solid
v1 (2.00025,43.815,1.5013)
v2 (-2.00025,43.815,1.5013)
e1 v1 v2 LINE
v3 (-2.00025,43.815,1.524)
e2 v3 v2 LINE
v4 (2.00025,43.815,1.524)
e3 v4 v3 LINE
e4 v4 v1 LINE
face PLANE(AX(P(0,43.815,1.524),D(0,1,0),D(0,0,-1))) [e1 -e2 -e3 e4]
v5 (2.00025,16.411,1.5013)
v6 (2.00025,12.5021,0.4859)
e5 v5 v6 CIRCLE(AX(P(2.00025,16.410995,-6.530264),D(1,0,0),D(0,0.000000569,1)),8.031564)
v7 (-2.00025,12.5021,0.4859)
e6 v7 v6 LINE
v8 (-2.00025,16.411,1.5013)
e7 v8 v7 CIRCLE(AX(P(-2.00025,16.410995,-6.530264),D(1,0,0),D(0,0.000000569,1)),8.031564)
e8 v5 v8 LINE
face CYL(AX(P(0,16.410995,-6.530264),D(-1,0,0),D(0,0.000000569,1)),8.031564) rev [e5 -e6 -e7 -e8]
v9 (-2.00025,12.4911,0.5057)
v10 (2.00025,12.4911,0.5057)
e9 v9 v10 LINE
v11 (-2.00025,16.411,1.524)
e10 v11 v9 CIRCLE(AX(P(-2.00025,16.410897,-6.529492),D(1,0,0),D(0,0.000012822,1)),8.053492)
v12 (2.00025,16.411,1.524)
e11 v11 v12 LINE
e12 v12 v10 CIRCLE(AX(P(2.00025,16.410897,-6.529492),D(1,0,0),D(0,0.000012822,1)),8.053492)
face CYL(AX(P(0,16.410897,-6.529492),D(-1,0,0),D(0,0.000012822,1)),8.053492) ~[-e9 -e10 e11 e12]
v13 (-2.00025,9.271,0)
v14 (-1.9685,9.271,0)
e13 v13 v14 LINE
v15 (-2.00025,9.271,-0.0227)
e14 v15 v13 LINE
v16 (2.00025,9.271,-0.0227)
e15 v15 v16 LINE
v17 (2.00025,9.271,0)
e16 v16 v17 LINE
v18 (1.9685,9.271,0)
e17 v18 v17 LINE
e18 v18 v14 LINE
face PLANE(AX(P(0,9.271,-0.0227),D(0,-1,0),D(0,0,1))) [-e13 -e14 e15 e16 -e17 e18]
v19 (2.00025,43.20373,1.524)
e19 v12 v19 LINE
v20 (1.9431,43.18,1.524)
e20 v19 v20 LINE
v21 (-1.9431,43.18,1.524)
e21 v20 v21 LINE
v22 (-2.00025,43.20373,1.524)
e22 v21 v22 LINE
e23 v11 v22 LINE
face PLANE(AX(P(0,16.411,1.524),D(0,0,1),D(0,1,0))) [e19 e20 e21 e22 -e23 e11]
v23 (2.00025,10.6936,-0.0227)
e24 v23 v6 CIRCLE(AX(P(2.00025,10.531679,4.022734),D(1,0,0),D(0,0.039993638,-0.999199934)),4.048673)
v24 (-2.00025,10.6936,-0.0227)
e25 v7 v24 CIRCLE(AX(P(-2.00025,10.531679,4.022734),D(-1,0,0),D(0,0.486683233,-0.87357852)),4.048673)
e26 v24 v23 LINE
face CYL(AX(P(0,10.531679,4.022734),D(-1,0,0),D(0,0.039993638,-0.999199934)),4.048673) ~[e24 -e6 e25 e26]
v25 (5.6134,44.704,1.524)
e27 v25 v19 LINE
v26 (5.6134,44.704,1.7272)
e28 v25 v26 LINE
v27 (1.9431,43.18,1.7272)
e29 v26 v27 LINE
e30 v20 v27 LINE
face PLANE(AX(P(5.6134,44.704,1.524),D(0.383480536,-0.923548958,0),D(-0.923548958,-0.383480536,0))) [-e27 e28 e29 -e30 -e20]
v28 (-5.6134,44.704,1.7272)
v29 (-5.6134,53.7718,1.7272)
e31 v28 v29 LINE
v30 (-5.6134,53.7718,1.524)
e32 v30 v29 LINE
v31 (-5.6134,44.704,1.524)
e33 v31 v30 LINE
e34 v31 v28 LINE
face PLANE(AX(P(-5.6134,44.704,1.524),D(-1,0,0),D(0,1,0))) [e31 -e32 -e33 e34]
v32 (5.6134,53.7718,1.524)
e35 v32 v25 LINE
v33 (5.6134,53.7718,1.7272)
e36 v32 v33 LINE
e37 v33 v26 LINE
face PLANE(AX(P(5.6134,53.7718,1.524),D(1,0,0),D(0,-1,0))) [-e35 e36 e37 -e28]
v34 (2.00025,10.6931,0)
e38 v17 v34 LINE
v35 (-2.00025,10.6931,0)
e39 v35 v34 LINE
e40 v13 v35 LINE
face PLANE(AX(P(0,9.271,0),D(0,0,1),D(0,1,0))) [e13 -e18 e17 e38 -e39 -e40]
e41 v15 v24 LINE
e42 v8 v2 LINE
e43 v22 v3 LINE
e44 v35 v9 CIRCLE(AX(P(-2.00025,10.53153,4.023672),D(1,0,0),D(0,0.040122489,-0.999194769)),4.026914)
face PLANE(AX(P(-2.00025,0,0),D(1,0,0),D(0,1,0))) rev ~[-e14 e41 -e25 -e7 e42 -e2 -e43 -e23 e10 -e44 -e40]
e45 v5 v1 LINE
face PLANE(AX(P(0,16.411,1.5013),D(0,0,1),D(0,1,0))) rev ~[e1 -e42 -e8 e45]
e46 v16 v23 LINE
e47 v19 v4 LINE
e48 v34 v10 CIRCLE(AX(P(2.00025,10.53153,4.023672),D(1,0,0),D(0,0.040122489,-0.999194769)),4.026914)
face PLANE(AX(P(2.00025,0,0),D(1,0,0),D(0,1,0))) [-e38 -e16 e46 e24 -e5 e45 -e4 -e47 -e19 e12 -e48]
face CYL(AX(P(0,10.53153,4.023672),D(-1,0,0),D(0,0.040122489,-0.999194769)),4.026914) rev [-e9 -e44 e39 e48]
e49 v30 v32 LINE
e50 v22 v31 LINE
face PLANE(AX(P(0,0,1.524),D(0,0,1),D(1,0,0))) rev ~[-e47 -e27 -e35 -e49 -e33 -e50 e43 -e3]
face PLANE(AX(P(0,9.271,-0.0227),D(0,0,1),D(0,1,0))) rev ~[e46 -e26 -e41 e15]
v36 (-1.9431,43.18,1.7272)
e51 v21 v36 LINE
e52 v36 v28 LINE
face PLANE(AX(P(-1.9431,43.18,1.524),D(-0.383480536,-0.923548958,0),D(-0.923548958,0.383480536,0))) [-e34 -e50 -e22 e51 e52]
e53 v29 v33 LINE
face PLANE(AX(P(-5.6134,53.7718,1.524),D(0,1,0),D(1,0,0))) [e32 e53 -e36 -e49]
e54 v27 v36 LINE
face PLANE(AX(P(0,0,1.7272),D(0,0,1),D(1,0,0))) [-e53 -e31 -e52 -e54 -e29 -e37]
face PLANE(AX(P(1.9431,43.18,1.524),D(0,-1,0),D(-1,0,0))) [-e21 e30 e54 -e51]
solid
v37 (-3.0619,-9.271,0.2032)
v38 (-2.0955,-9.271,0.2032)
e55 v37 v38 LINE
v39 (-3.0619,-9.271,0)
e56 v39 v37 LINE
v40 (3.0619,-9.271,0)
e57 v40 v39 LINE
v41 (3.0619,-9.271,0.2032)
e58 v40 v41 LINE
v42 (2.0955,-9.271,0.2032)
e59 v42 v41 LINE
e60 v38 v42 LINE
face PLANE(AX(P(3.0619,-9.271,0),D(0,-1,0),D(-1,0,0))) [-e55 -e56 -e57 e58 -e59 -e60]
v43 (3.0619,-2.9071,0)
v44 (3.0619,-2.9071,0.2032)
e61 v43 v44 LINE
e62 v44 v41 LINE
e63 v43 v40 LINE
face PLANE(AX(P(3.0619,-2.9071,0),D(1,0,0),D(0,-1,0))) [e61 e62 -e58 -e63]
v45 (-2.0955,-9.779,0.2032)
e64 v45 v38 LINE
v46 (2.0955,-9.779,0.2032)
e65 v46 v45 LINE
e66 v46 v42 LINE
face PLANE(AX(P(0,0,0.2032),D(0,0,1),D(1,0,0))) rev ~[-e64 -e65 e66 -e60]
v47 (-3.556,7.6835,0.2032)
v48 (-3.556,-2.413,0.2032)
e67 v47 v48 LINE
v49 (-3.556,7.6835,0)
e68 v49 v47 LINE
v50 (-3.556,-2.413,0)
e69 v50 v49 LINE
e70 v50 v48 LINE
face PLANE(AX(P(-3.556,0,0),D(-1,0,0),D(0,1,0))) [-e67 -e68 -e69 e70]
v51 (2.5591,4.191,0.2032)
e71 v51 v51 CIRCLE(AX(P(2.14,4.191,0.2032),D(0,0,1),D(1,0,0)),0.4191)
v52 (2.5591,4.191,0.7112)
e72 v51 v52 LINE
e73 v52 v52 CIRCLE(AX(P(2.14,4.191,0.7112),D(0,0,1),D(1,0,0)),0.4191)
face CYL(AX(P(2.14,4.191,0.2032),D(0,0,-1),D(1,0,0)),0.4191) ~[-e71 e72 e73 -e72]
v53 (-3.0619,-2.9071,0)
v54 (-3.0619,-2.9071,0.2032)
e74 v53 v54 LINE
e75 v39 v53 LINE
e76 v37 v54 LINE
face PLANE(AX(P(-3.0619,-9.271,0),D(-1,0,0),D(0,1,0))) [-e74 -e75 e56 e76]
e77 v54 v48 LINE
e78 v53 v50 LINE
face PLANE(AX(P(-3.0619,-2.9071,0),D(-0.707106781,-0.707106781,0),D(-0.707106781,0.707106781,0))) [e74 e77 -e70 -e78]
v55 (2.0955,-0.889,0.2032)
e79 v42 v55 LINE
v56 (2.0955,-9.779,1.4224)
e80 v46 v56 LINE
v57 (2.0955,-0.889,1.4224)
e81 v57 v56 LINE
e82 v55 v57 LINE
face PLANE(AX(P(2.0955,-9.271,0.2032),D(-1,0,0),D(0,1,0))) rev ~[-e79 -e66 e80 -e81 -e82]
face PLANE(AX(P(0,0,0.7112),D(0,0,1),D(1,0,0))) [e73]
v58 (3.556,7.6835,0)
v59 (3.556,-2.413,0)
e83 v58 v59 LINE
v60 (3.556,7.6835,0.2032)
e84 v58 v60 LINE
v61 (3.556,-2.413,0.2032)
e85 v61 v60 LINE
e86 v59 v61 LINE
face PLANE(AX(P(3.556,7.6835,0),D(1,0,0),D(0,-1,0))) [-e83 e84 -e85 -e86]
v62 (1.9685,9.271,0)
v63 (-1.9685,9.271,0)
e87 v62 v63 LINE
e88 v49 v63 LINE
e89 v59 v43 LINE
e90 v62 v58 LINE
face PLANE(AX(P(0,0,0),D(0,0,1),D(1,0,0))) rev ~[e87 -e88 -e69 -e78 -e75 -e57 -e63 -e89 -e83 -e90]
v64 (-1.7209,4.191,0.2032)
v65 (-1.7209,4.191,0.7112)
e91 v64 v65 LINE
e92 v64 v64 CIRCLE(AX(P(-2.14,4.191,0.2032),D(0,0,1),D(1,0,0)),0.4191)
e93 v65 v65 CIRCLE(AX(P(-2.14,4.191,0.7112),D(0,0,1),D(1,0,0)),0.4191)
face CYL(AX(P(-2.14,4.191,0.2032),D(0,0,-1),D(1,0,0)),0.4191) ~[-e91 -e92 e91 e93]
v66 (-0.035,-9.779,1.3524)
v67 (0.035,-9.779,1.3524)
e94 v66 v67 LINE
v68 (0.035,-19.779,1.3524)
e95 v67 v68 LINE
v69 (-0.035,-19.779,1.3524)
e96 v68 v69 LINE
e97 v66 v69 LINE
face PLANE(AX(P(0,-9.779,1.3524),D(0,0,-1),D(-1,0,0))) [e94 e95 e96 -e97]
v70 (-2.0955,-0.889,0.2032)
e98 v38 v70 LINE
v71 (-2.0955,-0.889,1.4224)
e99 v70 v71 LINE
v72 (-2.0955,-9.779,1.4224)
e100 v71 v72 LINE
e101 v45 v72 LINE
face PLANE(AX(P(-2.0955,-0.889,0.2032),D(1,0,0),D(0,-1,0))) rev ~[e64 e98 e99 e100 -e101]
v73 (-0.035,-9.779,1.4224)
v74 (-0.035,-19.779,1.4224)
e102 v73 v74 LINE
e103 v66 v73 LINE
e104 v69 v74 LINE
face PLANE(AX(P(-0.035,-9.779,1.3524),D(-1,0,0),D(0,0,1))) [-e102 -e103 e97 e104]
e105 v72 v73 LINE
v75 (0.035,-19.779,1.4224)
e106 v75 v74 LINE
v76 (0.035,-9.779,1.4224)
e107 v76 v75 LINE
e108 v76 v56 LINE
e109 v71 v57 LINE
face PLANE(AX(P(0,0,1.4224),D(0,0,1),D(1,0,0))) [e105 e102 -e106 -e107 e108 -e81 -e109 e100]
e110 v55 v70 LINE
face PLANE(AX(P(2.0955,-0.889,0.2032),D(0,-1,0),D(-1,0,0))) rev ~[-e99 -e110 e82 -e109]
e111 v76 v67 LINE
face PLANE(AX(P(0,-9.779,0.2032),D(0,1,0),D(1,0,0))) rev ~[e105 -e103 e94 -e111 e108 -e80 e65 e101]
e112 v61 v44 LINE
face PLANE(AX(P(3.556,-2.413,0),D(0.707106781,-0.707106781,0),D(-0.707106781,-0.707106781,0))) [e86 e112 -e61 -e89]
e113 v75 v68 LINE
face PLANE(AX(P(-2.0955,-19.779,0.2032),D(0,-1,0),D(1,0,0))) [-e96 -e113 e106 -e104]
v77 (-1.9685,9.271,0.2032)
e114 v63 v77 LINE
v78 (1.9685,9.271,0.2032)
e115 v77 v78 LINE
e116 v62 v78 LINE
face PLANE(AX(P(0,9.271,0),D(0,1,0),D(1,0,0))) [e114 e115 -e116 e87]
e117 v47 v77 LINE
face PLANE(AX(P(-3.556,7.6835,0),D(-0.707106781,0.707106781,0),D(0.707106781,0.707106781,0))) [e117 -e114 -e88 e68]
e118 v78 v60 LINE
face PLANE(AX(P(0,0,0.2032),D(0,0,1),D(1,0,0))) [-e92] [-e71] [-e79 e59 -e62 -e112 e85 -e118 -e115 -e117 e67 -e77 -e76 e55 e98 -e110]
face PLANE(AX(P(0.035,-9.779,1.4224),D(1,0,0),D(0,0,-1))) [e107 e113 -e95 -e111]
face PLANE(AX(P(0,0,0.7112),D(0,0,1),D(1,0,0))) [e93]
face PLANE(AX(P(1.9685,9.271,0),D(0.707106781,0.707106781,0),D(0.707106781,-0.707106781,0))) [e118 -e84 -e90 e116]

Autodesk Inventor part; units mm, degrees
sketch "Sketch1" plane through (0, 0, 0) normal (0, 0, 1) x (1, 0, 0)
  line L0 (0, 133.1936) -> (0, -174.4071) projected
  line L1 (-82.221, 0) -> (96.7133, 0) projected
  line L2 (-11.8429, 78.7589) -> (29.9826, 78.7589) construction
  line L3 (29.9826, 78.7589) -> (29.9826, -20.6399) construction
  line L4 (29.9826, -20.6399) -> (-11.8429, -20.6399) construction
  line L5 (-11.8429, -20.6399) -> (-11.8429, 78.7589) construction
  line L6 (-7.642, -75.3683) -> (-7.642, -85.3683)
  line L7 (71.1512, 85.7776) -> (64.977, -130.4641) construction
  line L8 (64.977, -130.4641) -> (-56.659, -126.9911) construction
  line L9 (-56.659, -126.9911) -> (-50.4848, 89.2506) construction
  line L10 (-50.4848, 89.2506) -> (71.1512, 85.7776) construction
  line L11 (-1.9685, 9.271) -> (1.9685, 9.271)
  line L12 (1.9685, 9.271) -> (3.556, 7.6835)
  line L13 (3.556, 7.6835) -> (3.556, -2.413)
  line L14 (3.556, -2.413) -> (3.0619, -2.9071)
  line L15 (3.0619, -2.9071) -> (3.0619, -9.271)
  line L16 (3.0619, -9.271) -> (-3.0619, -9.271)
  line L17 (-3.0619, -9.271) -> (-3.0619, -2.9071)
  line L18 (-3.0619, -2.9071) -> (-3.556, -2.413)
  line L19 (-3.556, -2.413) -> (-3.556, 7.6835)
  line L20 (-3.556, 7.6835) -> (-1.9685, 9.271)
  line L21 (0, 0) -> (0, 10.9448)
  line L22 (1.9431, 43.18) -> (-1.9431, 43.18)
  line L23 (-1.9431, 43.18) -> (-1.9431, 9.271)
  line L24 (-1.9431, 9.271) -> (1.9431, 9.271)
  line L25 (1.9431, 9.271) -> (1.9431, 43.18)
  line L26 (1.9431, 43.18) -> (-1.9431, 9.271) construction
  line L27 (-1.9431, 43.18) -> (1.9431, 9.271) construction
  line L28 (-1.9431, 43.18) -> (-5.6134, 44.704)
  line L29 (-5.6134, 44.704) -> (-5.6134, 53.7718)
  line L30 (-5.6134, 53.7718) -> (5.6134, 53.7718)
  line L31 (5.6134, 53.7718) -> (5.6134, 44.704)
  line L32 (5.6134, 44.704) -> (1.9431, 43.18)
  point P0 (0, 26.2255)
  dimension "d175" = 10
  dimension "d243" = 18.542
  dimension "d244" = 9.271
  dimension "d245" = 7.112
  dimension "d246" = 3.937
  dimension "d247" = 11.684
  dimension "d263" = 33.909
  dimension "d264" = 3.8862
  dimension "d265" = 11.2268
  dimension "d266" = 5.6134
  dimension "d267" = 10.5918
  dimension "d268" = 9.0678
  dimension "d269" = 9.0678
ref_plane "Work Plane4" through (0, 0, 1.524) normal (0, 0, 1) x (1, 0, 0)
extrude "Extrusion4" add sketch "Sketch1" along normal blind 0.2032 contours L11 L12 L13 L1 L0 | L0 L1 L19 L20 L11 | L1 L13 L14 L15 L16 L0 | L0 L16 L17 L18 L19 L1
sketch "Sketch3" plane through (0, 0, 0) normal (1, 0, 0) x (0, 1, 0)
  line L0 (0, 49.0501) -> (0, -26.178) projected
  line L1 (9.271, 0.2032) -> (7.6835, 0.2032) projected
  line L2 (-34.4892, 0) -> (68.482, 0) projected
  line L3 (-32.4978, 1.524) -> (56.5338, 1.524) projected
  arc A0 (16.411, 1.524) -> (12.4911, 0.5057) centre (16.411, -6.5303) ccw
  line L4 (16.411, 1.524) -> (43.815, 1.524)
  line L5 (9.271, 0) -> (10.6931, 0)
  arc A1 (10.6931, 0) -> (12.4911, 0.5057) centre (10.5317, 4.0226) ccw
  line L6 (9.271, -0.0227) -> (10.6936, -0.0227)
  arc A2 (10.6936, -0.0227) -> (12.5021, 0.4859) centre (10.5317, 4.0226) ccw
  arc A3 (16.411, 1.5013) -> (12.5021, 0.4859) centre (16.411, -6.5303) ccw
  line L7 (16.411, 1.5013) -> (43.815, 1.5013)
  line L8 (43.815, 1.524) -> (43.815, 1.5013)
  line L9 (9.271, -0.0227) -> (9.271, 0)
  point P0 (0, 0)
  dimension "d301" = 43.815
ref_plane "Work Plane1" through (0, 0, 0.1778) normal (0, 0, 1) x (1, 0, 0)
sketch "Sketch4" plane through (0, 0, 0.1778) normal (0, 0, 1) x (1, 0, 0)
  point P0 (0, 0)
ref_plane "Work Plane2" through (0, 0, 0.75) normal (0, 0, 1) x (1, 0, 0)
sketch "Sketch10" plane through (0, 0, 1.524) normal (0, 0, 1) x (1, 0, 0)
  line L0 (-5.6134, 53.7718) -> (5.6134, 53.7718) projected
  line L1 (-5.6134, 44.704) -> (-5.6134, 53.7718) projected
  line L2 (5.6134, 53.7718) -> (5.6134, 44.704) projected
  line L3 (5.6134, 44.704) -> (1.9431, 43.18) projected
  line L4 (-1.9431, 43.18) -> (-5.6134, 44.704) projected
  line L5 (-5.6134, 44.704) -> (-5.6134, 53.7718)
  line L6 (-5.6134, 53.7718) -> (5.6134, 53.7718)
  line L7 (5.6134, 53.7718) -> (5.6134, 44.704)
  line L8 (-5.6134, 44.704) -> (-1.9431, 43.18)
  line L9 (5.6134, 44.704) -> (1.9431, 43.18)
  line L10 (1.9431, 43.18) -> (-1.9431, 43.18)
  point P0 (0, 0)
  dimension "d307" = 112.549
  dimension "d308" = 10.5918
extrude "Extrusion11" add sketch "Sketch10" along normal blind 0.2032
sketch "Sketch9" plane through (0, 0, 0.75) normal (0, 0, 1) x (1, 0, 0)
  point P0 (0, 0)
sketch "Sketch6" plane through (0, 0, 0.2032) normal (0, 0, 1) x (1, 0, 0)
  line L0 (0, 13.081) -> (0, -13.589) projected
  line L1 (-4.9784, 0) -> (4.9784, 0) projected
  line L2 (2.0955, -0.889) -> (-2.0955, -0.889)
  line L3 (-2.0955, -0.889) -> (-2.0955, -9.779)
  line L4 (-2.0955, -9.779) -> (2.0955, -9.779)
  line L5 (2.0955, -9.779) -> (2.0955, -0.889)
  line L6 (2.0955, -0.889) -> (-2.0955, -9.779) construction
  line L7 (-2.0955, -0.889) -> (2.0955, -9.779) construction
  line L8 (-3.0619, -9.271) -> (3.0619, -9.271) projected
  point P0 (0, 0)
  point P1 (0, -5.334)
  dimension "d283" = 4.191
  dimension "d284" = 0.508
  dimension "d285" = 8.89
extrude "Extrusion8" add sketch "Sketch6" along normal blind 1.2192
sketch "Sketch7" plane through (-2.0955, -9.779, 0.2032) normal (0, -1, 0) x (1, 0, 0)
  line L0 (0, 0) -> (4.191, 0) projected
  line L1 (4.191, 0) -> (4.191, 1.2192) projected
  line L2 (0, 1.2192) -> (4.191, 1.2192) projected
  line L3 (0, 0) -> (0, 1.2192) projected
  line L4 (2.0955, 1.8694) -> (2.0955, -0.5486) projected
  line L5 (2.1305, 1.1492) -> (2.0605, 1.1492)
  line L6 (2.0605, 1.1492) -> (2.0605, 1.2192)
  line L7 (2.0605, 1.2192) -> (2.1305, 1.2192)
  line L8 (2.1305, 1.2192) -> (2.1305, 1.1492)
  line L9 (2.1305, 1.1492) -> (2.0605, 1.2192) construction
  line L10 (2.0605, 1.1492) -> (2.1305, 1.2192) construction
  point P0 (2.0955, -0.2032)
  point P1 (2.0955, 1.1842)
  dimension "d288" = 0.07
  dimension "d289" = 0.07
extrude "Extrusion9" add sketch "Sketch7" along normal blind 10 contours L5 L6 L2 L4 | L4 L2 L8 L5
sketch "Sketch8" plane through (0, 0, 0.2032) normal (0, 0, 1) x (1, 0, 0)
  line L0 (2.0955, -0.889) -> (2.0955, -9.271) projected
  line L1 (2.0955, -9.271) -> (3.0619, -9.271) projected
  line L2 (3.0619, -9.271) -> (3.0619, -2.9071) projected
  line L3 (3.0619, -2.9071) -> (3.556, -2.413) projected
  line L4 (3.556, -2.413) -> (3.556, 7.6835) projected
  line L5 (3.556, 7.6835) -> (1.9685, 9.271) projected
  line L6 (1.9685, 9.271) -> (-1.9685, 9.271) projected
  line L7 (-1.9685, 9.271) -> (-3.556, 7.6835) projected
  line L8 (-3.556, 7.6835) -> (-3.556, -2.413) projected
  line L9 (-3.556, -2.413) -> (-3.0619, -2.9071) projected
  line L10 (-3.0619, -2.9071) -> (-3.0619, -9.271) projected
  line L11 (-3.0619, -9.271) -> (-2.0955, -9.271) projected
  line L12 (-2.0955, -9.271) -> (-2.0955, -0.889) projected
  line L13 (-2.0955, -0.889) -> (2.0955, -0.889) projected
  circle A0 centre (-2.14, 4.191) radius 0.4191
  circle A1 centre (2.14, 4.191) radius 0.4191
  point P0 (0, 0)
  dimension "d292" = 4.2799
  dimension "d294" = 2.1399
  dimension "d295" = 0.8382
  dimension "d314" = 5.08
extrude "Extrusion10" add sketch "Sketch8" along normal blind 0.508 contours A0 | A1
extrude "Extrusion12" add sketch "Sketch3" along normal mid plane 4.0005 contours L3 L8 L7 A3 A2 L2 A1 A0 | L2 A2 L6 L9
sketch "Sketch11" plane through (-2.0955, -19.779, 0.2032) normal (0, -1, 0) x (1, 0, 0)
  line L0 (2.0605, 1.2192) -> (2.0605, 1.1492) projected
  line L1 (2.0605, 1.1492) -> (2.1305, 1.1492) projected
  line L2 (2.1305, 1.1492) -> (2.1305, 1.2192) projected
  line L3 (2.1305, 1.2192) -> (2.0605, 1.2192) projected
  point P0 (2.0955, -0.2032)
  point P1 (2.0955, 1.1842)
  dimension "d320" = 0.035
  dimension "d321" = 0.035
properties part number "Neuropixels 1-3A Probe"
